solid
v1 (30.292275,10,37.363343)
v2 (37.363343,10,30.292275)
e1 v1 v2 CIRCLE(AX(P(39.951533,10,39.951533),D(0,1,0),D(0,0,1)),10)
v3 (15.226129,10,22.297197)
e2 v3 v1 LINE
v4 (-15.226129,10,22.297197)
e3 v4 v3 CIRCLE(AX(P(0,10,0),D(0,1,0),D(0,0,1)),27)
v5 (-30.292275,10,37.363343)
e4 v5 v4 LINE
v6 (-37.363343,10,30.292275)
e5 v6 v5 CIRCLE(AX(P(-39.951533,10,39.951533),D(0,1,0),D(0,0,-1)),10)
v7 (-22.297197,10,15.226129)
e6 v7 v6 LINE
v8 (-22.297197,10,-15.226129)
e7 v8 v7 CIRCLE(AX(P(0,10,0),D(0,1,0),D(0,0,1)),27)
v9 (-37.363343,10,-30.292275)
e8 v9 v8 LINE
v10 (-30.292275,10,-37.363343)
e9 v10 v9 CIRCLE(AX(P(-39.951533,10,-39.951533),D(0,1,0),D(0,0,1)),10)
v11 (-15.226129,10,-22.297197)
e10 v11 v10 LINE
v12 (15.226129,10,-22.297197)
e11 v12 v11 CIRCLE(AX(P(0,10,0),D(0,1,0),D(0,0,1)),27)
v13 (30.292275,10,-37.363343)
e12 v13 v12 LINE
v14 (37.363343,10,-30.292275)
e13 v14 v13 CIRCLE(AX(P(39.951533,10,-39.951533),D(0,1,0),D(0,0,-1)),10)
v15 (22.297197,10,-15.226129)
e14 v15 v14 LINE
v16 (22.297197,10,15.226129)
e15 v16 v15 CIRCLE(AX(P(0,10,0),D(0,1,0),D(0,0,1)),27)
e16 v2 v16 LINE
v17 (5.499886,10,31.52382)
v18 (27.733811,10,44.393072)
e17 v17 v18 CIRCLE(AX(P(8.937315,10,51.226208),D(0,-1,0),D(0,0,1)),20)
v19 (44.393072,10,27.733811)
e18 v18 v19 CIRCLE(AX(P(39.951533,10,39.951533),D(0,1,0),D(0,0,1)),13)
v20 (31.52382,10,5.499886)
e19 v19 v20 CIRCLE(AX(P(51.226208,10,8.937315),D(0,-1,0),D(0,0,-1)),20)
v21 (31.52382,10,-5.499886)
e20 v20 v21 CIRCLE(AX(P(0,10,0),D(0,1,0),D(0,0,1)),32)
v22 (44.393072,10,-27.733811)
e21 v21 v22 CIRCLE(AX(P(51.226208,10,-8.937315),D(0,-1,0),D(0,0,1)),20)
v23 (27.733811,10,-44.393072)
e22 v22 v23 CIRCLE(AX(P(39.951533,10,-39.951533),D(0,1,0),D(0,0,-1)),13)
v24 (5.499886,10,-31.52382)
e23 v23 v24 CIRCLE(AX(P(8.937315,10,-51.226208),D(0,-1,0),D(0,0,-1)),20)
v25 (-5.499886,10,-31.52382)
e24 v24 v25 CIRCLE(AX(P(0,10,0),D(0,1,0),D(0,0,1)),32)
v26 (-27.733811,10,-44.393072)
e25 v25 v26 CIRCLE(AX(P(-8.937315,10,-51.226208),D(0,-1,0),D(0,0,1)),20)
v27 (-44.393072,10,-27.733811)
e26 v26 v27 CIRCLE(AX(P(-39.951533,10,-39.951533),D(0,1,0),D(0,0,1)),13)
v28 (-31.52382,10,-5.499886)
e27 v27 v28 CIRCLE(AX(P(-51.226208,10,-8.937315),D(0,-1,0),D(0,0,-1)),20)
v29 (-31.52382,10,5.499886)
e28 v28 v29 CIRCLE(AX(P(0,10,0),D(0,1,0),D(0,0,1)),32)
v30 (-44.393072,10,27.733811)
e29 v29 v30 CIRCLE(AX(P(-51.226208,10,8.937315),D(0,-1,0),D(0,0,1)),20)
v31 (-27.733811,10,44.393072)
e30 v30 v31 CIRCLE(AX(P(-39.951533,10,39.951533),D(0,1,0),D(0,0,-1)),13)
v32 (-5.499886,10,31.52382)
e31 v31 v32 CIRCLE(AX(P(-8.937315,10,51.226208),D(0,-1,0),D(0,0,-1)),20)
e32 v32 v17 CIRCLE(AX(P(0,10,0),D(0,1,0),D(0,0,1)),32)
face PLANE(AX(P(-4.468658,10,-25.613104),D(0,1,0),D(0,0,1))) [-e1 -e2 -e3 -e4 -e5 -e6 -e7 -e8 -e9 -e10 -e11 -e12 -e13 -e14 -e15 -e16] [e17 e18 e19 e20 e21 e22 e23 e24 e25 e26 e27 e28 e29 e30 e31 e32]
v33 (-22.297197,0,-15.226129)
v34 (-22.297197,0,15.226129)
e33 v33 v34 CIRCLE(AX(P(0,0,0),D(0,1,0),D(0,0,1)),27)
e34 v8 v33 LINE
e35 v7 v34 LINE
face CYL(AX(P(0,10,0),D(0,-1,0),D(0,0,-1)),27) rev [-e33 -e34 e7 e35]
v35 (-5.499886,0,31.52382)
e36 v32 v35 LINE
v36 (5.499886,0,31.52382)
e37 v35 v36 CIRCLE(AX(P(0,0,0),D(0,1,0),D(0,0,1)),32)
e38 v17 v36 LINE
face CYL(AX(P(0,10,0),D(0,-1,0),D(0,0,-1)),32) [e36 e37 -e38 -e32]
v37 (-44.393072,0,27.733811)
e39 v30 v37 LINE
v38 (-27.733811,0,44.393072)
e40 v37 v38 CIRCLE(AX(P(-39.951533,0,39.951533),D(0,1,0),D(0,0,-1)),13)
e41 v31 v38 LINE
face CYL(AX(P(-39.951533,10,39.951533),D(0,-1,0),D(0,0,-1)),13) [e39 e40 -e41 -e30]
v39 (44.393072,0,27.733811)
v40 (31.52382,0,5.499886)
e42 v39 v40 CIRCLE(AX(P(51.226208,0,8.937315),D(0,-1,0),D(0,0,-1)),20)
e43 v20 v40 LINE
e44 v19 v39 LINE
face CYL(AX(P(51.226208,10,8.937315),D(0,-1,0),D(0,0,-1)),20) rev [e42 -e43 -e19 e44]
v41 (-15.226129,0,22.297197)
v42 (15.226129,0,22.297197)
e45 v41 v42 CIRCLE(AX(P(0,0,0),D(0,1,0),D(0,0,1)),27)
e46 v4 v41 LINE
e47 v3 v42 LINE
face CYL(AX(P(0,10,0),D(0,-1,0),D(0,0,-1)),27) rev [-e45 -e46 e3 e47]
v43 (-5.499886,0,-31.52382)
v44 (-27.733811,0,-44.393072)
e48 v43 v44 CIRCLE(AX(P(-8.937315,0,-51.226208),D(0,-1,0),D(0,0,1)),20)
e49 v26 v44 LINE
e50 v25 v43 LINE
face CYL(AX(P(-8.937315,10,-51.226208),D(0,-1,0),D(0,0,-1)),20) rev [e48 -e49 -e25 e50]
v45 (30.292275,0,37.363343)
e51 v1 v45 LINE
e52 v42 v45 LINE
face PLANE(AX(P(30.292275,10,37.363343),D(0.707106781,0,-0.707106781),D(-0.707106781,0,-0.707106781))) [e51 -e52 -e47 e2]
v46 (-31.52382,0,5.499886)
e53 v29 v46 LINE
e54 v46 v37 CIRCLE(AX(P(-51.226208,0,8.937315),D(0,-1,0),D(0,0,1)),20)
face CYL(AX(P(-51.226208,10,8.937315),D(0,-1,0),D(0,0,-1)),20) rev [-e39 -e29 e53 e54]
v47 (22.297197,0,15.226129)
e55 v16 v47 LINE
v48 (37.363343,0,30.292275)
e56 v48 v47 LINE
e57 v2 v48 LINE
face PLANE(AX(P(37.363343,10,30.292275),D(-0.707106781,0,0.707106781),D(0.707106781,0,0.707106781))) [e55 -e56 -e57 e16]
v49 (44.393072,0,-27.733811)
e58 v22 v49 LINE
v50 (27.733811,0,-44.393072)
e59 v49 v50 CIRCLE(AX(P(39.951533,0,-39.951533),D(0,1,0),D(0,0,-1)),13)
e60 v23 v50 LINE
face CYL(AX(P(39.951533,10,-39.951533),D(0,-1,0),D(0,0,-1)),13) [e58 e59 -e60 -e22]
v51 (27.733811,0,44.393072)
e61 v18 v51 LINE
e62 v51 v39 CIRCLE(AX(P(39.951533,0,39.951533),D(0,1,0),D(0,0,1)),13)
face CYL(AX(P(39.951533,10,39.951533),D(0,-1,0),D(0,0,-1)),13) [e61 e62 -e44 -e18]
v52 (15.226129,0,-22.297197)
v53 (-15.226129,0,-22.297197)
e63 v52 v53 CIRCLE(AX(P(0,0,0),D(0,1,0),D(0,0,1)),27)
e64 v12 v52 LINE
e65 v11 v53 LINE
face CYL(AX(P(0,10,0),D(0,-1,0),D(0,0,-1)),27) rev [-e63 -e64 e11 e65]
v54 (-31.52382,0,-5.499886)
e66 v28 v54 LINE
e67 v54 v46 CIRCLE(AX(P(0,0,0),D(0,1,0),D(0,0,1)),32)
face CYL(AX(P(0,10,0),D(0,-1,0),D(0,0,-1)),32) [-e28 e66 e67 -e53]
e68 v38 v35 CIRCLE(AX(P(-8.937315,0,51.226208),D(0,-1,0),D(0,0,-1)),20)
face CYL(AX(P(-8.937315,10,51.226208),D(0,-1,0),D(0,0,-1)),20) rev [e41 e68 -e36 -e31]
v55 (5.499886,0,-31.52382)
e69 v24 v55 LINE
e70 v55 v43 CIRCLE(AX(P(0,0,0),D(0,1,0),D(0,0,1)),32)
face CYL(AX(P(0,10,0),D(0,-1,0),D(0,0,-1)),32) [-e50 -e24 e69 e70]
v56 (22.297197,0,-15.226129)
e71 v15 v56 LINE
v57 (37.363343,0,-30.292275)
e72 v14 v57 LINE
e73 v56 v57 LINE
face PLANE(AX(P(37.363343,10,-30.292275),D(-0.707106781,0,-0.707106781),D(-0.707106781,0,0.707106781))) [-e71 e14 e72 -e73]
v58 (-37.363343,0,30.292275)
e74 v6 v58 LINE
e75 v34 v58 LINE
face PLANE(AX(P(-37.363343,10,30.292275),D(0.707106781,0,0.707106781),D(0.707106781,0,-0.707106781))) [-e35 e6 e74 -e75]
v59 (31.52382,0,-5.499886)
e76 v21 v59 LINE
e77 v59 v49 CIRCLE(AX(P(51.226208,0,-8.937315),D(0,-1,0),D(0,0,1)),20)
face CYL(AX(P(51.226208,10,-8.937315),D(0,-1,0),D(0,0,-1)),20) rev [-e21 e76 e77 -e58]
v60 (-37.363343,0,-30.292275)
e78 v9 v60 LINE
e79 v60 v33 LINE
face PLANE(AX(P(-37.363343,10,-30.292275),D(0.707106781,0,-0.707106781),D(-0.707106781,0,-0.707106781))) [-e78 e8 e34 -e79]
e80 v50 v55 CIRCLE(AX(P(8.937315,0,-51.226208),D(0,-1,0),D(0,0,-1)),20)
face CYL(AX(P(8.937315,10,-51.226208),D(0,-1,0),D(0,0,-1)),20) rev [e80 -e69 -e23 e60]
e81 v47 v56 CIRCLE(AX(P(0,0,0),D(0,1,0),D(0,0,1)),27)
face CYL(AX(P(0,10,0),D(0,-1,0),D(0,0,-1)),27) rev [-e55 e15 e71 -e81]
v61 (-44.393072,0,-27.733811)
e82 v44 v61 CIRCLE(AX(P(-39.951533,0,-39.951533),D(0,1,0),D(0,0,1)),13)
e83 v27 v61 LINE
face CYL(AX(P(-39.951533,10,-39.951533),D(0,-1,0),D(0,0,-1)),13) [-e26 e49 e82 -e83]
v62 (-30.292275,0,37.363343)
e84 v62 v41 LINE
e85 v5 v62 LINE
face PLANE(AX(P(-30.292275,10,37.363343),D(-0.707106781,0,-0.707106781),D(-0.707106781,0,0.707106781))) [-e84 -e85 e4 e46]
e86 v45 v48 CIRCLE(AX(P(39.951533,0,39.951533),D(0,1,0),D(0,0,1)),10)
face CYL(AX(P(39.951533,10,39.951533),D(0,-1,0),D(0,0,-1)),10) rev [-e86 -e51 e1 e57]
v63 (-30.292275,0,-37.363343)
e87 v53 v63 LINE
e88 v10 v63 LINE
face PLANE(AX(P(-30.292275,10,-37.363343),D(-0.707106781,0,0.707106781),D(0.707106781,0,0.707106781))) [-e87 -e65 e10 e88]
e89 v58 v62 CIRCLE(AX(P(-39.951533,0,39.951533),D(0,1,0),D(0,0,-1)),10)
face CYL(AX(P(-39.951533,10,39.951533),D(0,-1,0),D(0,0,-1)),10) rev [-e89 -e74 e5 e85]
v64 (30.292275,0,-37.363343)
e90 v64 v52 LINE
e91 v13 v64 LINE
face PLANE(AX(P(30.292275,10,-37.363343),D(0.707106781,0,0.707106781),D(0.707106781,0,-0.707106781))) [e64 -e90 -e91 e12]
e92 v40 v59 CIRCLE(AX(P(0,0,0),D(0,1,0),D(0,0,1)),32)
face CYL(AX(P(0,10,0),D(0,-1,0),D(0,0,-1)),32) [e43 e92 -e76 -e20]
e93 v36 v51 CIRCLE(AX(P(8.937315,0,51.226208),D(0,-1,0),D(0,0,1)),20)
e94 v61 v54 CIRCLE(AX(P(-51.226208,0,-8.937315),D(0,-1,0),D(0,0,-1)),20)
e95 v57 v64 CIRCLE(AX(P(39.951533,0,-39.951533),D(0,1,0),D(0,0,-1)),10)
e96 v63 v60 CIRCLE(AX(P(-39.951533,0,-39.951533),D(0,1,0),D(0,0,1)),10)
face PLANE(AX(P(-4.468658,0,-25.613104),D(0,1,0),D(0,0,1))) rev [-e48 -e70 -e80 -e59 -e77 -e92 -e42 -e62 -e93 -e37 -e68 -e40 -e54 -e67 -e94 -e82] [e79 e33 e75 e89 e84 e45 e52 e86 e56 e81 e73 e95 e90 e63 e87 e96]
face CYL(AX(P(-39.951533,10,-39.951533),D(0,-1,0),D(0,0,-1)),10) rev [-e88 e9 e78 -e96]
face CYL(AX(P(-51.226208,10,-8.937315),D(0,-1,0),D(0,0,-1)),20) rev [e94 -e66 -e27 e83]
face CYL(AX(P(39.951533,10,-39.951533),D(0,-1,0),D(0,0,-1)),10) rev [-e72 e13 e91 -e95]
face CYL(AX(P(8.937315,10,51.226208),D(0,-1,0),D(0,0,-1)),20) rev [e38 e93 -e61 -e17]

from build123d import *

# Parameters (mm, degrees)
BOSS_EXTRUDE1_DEPTH = 10


with BuildPart() as part:
    # Sketch1 → Boss-Extrude1 (new body)
    with BuildSketch(Plane(origin=(0, 0, 0), x_dir=(1, 0, 0), z_dir=(0, 1, 0))):
        with BuildLine():
            ThreePointArc((-31.523820357, 5.499886369), (-32, 0), (-31.523820357, -5.499886369))
            ThreePointArc((-31.523820357, -5.499886369), (-33.916662735, -18.956279365), (-44.393071751, -27.733810979))
            ThreePointArc((-44.393071751, -27.733810979), (-49.143921292, -49.143921292), (-27.733810979, -44.393071751))
            ThreePointArc((-27.733810979, -44.393071751), (-18.956279365, -33.916662735), (-5.499886369, -31.523820357))
            ThreePointArc((-5.499886369, -31.523820357), (0, -32), (5.499886369, -31.523820357))
            ThreePointArc((5.499886369, -31.523820357), (18.956279365, -33.916662735), (27.733810979, -44.393071751))
            ThreePointArc((27.733810979, -44.393071751), (49.143921292, -49.143921292), (44.393071751, -27.733810979))
            ThreePointArc((44.393071751, -27.733810979), (33.916662735, -18.956279365), (31.523820357, -5.499886369))
            ThreePointArc((31.523820357, -5.499886369), (32, 0), (31.523820357, 5.499886369))
            ThreePointArc((31.523820357, 5.499886369), (33.916662735, 18.956279365), (44.393071751, 27.733810979))
            ThreePointArc((44.393071751, 27.733810979), (49.143921292, 49.143921292), (27.733810979, 44.393071751))
            ThreePointArc((27.733810979, 44.393071751), (18.956279365, 33.916662735), (5.499886369, 31.523820357))
            ThreePointArc((5.499886369, 31.523820357), (0, 32), (-5.499886369, 31.523820357))
            ThreePointArc((-5.499886369, 31.523820357), (-18.956279365, 33.916662735), (-27.733810979, 44.393071751))
            ThreePointArc((-27.733810979, 44.393071751), (-49.143921292, 49.143921292), (-44.393071751, 27.733810979))
            ThreePointArc((-44.393071751, 27.733810979), (-33.916662735, 18.956279365), (-31.523820357, 5.499886369))
        make_face()
        with BuildLine():
            Line((-37.363342686, 30.292274874), (-22.297196945, 15.226129133))
            ThreePointArc((-22.297196945, 15.226129133), (-27, 0), (-22.297196945, -15.226129133))
            Line((-22.297196945, -15.226129133), (-37.363342686, -30.292274874))
            ThreePointArc((-37.363342686, -30.292274874), (-47.022600949, -47.022600949), (-30.292274874, -37.363342686))
            Line((-30.292274874, -37.363342686), (-15.226129133, -22.297196945))
            ThreePointArc((-15.226129133, -22.297196945), (0, -27), (15.226129133, -22.297196945))
            Line((15.226129133, -22.297196945), (30.292274874, -37.363342686))
            ThreePointArc((30.292274874, -37.363342686), (47.022600949, -47.022600949), (37.363342686, -30.292274874))
            Line((37.363342686, -30.292274874), (22.297196945, -15.226129133))
            ThreePointArc((22.297196945, -15.226129133), (27, 0), (22.297196945, 15.226129133))
            Line((22.297196945, 15.226129133), (37.363342686, 30.292274874))
            ThreePointArc((37.363342686, 30.292274874), (47.022600949, 47.022600949), (30.292274874, 37.363342686))
            Line((30.292274874, 37.363342686), (15.226129133, 22.297196945))
            ThreePointArc((15.226129133, 22.297196945), (0, 27), (-15.226129133, 22.297196945))
            Line((-15.226129133, 22.297196945), (-30.292274874, 37.363342686))
            ThreePointArc((-30.292274874, 37.363342686), (-47.022600949, 47.022600949), (-37.363342686, 30.292274874))
        make_face(mode=Mode.SUBTRACT)
    extrude(amount=BOSS_EXTRUDE1_DEPTH)


solid = part.part
